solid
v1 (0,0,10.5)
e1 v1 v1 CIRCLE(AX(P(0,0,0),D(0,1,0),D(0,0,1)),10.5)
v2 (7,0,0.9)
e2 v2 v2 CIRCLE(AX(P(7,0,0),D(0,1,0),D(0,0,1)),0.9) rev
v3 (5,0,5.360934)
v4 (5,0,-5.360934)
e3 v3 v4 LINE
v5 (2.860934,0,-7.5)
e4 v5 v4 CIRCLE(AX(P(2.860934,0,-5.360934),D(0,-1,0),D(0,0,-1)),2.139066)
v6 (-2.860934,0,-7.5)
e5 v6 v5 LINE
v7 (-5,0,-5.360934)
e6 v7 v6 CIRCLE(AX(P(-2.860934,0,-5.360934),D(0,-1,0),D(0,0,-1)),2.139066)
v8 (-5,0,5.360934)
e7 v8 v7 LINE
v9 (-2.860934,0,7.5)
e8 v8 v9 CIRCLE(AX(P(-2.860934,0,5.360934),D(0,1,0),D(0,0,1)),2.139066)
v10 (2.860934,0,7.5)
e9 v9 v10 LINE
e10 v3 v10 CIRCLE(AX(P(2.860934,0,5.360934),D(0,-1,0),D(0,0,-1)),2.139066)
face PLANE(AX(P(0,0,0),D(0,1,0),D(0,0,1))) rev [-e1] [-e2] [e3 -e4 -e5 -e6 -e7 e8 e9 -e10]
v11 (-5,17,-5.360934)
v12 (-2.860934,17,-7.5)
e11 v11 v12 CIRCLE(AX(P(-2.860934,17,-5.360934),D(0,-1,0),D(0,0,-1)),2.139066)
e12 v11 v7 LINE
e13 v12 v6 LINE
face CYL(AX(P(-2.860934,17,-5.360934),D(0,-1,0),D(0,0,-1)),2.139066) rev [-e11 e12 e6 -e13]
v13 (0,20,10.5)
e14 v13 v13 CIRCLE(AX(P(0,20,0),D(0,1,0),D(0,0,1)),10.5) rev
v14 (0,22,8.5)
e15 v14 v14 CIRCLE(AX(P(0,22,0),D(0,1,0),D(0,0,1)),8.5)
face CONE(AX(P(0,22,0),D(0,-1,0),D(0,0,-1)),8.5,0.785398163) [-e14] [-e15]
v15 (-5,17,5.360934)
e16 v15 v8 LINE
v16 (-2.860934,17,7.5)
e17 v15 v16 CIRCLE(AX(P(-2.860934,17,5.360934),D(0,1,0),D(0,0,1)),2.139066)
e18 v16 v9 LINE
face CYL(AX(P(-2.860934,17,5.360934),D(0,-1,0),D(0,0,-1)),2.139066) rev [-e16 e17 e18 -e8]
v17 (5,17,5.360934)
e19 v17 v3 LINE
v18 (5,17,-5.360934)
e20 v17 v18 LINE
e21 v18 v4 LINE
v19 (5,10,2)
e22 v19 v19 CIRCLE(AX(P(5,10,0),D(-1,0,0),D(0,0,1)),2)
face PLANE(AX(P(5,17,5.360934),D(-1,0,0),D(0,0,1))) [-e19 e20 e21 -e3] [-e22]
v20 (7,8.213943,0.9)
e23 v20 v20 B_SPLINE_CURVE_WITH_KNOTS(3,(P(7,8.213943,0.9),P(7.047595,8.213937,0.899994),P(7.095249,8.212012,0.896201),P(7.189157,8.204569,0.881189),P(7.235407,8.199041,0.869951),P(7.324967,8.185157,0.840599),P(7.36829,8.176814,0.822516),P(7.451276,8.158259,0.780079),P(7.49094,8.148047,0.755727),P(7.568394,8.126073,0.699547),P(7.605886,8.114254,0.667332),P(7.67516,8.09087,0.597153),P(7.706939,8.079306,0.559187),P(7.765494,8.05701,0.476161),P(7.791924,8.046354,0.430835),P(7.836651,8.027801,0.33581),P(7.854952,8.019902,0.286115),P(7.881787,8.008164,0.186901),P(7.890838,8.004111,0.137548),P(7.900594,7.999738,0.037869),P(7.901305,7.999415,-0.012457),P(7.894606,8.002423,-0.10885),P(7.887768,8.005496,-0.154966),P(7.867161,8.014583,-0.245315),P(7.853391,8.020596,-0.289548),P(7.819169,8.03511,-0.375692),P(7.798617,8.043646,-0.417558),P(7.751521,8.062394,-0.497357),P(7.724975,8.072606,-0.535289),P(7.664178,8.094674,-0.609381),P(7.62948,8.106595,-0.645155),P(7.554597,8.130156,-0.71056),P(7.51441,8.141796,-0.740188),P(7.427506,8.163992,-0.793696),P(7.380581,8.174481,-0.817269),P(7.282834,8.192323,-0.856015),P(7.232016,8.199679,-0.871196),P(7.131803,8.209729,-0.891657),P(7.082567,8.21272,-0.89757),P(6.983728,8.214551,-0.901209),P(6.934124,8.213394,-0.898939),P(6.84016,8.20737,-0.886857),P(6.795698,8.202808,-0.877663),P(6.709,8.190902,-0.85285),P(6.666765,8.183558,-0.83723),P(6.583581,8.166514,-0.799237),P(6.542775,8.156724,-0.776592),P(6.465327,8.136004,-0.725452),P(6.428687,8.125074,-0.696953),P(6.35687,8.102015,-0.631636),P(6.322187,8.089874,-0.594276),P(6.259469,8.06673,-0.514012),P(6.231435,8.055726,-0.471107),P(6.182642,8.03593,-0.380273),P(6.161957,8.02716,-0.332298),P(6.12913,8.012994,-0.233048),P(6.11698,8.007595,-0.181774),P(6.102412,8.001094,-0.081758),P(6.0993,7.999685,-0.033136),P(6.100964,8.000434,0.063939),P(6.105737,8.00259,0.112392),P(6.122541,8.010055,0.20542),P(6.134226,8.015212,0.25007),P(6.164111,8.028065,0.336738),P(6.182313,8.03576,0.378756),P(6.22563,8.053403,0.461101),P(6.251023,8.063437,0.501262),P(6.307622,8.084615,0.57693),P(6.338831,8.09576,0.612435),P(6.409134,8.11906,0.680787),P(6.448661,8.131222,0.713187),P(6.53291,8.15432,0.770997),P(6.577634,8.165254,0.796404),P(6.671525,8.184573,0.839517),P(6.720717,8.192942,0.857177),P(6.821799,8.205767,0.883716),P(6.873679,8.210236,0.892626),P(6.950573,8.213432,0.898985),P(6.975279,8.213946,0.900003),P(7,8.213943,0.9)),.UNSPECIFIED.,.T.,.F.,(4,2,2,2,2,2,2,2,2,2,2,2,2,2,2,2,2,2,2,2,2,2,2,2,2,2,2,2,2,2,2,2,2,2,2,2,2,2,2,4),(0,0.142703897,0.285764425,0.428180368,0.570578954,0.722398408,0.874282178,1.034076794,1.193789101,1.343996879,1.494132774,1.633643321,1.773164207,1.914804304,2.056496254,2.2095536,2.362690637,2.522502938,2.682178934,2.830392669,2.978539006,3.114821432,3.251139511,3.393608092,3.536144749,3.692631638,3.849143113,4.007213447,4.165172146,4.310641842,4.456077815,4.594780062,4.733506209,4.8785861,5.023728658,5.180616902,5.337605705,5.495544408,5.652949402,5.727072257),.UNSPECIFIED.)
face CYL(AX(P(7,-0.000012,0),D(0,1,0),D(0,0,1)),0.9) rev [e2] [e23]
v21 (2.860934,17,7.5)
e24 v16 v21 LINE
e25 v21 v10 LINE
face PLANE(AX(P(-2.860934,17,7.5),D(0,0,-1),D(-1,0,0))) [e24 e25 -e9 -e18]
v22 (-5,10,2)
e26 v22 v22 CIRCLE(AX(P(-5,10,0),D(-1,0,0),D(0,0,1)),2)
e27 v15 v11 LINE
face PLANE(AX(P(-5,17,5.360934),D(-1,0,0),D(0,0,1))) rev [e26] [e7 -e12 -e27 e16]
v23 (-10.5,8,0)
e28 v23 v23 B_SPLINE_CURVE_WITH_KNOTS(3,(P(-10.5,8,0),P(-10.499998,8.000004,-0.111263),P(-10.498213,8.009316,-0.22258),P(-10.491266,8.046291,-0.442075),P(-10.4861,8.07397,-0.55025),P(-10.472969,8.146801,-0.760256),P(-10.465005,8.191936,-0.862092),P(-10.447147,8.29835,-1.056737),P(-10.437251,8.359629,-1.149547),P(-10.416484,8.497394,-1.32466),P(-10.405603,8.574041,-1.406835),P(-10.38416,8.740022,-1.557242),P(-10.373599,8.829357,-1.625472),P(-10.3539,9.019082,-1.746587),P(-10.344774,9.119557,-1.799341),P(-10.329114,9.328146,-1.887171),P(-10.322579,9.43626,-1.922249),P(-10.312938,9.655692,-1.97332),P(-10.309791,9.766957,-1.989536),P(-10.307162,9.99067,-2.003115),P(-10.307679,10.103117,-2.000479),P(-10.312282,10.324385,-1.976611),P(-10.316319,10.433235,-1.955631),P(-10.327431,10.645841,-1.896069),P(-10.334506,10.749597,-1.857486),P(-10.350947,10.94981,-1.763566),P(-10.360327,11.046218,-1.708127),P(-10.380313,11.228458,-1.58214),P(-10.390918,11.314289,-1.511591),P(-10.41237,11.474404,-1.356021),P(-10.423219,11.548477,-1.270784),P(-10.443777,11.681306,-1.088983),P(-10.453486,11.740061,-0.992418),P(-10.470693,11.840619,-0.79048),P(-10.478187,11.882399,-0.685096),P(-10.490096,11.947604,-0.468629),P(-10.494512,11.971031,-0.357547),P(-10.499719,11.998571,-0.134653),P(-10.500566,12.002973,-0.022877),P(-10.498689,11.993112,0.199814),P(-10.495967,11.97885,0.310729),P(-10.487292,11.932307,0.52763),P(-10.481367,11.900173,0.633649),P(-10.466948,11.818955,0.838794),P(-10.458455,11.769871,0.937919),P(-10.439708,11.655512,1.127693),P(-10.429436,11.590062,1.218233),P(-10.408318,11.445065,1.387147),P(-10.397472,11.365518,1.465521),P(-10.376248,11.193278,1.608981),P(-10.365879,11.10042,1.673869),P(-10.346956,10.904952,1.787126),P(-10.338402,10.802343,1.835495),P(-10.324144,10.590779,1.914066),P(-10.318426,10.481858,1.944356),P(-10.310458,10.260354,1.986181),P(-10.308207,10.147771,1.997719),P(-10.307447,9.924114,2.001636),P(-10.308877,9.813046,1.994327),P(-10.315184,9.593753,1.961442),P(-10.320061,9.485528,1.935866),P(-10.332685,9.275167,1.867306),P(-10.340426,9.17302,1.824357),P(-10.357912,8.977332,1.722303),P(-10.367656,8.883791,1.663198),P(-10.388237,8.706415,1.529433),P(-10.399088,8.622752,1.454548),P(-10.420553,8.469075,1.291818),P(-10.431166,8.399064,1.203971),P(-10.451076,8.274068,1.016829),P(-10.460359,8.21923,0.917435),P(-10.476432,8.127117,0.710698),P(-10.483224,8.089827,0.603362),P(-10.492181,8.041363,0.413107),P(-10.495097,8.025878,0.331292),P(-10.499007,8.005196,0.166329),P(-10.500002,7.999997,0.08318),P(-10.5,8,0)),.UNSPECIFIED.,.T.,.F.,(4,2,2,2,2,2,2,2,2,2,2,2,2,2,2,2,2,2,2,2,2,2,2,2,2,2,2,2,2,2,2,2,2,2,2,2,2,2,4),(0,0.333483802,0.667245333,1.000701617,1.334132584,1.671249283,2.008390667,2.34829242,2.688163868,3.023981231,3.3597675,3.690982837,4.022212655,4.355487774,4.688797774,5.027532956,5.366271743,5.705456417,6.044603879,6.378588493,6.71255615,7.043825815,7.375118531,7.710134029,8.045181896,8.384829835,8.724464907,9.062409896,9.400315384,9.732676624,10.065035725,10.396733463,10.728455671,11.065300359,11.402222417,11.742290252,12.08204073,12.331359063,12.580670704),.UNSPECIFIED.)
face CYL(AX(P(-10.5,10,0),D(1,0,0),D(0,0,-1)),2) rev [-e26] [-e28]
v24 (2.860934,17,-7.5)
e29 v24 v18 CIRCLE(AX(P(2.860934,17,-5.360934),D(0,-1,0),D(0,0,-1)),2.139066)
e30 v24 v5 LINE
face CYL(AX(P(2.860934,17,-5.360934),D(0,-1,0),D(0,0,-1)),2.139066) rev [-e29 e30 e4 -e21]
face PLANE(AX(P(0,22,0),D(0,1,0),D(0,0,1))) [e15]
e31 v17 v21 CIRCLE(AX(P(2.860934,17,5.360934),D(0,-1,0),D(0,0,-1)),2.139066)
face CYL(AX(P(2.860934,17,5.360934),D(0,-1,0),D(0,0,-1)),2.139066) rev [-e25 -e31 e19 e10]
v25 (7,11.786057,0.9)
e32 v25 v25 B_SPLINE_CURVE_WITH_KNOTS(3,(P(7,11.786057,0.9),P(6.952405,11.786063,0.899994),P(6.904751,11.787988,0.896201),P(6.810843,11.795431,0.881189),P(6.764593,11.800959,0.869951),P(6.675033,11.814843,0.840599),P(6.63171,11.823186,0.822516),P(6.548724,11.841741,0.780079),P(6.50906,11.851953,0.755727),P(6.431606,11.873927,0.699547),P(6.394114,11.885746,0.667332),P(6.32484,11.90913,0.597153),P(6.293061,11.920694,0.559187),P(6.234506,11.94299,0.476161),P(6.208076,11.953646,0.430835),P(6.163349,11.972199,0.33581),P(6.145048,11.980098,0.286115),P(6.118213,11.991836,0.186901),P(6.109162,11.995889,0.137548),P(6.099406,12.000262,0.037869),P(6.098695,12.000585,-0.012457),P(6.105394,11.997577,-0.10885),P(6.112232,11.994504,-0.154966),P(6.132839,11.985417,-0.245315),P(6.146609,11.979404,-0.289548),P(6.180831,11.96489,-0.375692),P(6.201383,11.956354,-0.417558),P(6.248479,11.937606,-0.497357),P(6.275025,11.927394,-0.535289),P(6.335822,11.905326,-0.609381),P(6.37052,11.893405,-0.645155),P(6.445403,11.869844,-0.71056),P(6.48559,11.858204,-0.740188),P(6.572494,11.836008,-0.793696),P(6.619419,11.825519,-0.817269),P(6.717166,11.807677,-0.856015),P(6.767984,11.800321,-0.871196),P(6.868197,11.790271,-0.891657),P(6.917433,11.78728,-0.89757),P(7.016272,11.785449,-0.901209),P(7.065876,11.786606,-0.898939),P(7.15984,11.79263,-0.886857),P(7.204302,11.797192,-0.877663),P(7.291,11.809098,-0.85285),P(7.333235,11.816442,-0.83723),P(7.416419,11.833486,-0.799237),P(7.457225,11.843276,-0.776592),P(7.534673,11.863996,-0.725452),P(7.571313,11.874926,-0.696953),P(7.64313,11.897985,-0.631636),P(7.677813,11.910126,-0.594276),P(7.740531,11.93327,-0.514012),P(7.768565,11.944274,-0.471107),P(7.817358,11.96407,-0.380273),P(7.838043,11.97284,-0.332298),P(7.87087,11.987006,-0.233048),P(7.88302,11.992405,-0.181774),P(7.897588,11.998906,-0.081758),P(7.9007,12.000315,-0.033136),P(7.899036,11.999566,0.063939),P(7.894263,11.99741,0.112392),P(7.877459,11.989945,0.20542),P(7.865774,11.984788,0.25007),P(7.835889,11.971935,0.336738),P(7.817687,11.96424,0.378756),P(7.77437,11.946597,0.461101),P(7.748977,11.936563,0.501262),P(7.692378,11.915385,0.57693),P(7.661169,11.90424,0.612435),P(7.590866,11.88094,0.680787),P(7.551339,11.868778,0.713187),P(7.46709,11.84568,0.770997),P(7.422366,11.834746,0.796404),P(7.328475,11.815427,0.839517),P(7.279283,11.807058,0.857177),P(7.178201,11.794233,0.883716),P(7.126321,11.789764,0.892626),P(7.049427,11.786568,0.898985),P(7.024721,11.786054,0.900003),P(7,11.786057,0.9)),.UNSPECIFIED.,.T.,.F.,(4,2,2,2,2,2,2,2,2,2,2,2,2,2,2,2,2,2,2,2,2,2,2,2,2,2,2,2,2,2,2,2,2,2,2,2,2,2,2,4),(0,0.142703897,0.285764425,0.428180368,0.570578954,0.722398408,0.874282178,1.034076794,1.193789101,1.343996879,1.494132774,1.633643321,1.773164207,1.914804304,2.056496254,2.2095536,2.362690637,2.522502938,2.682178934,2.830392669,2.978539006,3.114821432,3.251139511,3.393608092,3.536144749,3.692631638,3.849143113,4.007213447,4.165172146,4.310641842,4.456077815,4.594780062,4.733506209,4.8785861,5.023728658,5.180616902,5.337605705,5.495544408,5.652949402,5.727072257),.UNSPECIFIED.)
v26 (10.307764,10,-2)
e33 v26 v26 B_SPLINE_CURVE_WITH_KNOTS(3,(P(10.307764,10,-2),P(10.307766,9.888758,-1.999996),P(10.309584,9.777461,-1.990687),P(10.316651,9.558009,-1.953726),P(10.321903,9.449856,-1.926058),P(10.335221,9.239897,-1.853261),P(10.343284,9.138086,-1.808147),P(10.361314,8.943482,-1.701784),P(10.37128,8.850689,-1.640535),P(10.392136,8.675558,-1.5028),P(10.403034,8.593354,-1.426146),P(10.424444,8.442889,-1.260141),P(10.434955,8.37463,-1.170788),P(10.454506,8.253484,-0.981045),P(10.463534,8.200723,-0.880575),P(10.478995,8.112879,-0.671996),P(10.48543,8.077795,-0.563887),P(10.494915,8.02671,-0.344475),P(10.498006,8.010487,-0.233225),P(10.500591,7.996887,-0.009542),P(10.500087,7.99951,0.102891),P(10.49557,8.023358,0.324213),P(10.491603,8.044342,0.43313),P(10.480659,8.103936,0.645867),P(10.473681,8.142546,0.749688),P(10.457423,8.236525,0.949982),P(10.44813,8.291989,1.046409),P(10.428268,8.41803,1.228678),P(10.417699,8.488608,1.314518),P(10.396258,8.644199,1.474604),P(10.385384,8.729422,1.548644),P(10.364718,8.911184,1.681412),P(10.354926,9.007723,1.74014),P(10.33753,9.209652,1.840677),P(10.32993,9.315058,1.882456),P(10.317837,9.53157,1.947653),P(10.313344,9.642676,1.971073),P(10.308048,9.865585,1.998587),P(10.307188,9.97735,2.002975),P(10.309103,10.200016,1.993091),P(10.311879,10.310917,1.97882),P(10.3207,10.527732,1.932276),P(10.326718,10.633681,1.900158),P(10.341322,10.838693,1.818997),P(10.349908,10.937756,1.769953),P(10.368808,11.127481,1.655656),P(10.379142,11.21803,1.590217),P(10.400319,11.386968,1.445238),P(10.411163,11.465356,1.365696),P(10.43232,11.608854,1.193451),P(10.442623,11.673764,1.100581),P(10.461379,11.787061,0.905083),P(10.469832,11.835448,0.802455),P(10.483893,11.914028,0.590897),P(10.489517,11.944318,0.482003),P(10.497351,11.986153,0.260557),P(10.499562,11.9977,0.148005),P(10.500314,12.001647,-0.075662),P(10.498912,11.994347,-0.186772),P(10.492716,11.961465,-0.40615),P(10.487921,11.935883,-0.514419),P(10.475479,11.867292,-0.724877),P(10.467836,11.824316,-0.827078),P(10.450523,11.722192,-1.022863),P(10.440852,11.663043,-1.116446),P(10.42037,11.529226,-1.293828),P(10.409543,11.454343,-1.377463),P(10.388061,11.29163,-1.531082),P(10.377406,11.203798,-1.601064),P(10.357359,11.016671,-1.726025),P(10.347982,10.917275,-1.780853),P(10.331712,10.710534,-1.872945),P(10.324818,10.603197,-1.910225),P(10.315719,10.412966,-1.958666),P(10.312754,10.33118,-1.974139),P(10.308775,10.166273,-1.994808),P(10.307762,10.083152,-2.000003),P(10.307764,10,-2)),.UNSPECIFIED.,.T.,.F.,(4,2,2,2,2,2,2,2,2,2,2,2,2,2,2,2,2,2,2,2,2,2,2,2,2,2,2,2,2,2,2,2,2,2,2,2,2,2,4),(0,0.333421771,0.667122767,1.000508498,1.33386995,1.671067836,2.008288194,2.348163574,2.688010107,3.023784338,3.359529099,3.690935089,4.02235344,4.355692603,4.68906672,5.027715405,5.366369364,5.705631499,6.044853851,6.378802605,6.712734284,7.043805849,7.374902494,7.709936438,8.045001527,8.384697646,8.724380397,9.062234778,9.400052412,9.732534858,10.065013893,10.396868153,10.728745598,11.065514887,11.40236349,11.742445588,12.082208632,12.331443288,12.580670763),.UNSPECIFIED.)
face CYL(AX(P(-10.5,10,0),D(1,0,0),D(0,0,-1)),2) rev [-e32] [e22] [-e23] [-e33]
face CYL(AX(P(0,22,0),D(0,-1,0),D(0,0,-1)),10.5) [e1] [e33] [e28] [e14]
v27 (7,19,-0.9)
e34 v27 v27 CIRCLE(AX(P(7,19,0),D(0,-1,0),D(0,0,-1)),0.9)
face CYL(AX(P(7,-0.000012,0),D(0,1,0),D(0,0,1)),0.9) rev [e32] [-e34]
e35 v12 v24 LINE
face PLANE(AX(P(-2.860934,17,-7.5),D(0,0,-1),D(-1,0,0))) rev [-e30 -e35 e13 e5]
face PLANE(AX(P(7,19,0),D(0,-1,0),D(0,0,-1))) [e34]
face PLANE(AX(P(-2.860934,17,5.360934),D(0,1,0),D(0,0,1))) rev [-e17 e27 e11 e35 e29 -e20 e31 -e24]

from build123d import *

# Parameters (mm, degrees)
SCHIZZO2_R                    = 10.5
ESTRUSIONE_ESTRUSIONE1_DEPTH  = 22
TAGLIO_ESTRUSIONE1_DEPTH      = 17
SMUSSO1_SIZE                  = 2
TAGLIO_ESTRUSIONE2_DEPTH      = 27.54241888
TAGLIO_ESTRUSIONE2_DEPTH_BACK = 27.54241888
SCHIZZO4_R                    = 2
TAGLIO_ESTRUSIONE3_DEPTH      = 27.542418959
TAGLIO_ESTRUSIONE3_DEPTH_BACK = 19
SCHIZZO5_R                    = 0.9


with BuildPart() as part:
    # Schizzo2 → Estrusione-Estrusione1 (new body)
    with BuildSketch(Plane(origin=(0, 0, 0), x_dir=(1, 0, 0), z_dir=(0, 1, 0))):
        with Locations(Location((0, 0, 0), (0, 0, 270))):
            Circle(SCHIZZO2_R)
    extrude(amount=ESTRUSIONE_ESTRUSIONE1_DEPTH)

    # Schizzo3 → Taglio-Estrusione1 (cut)
    with BuildSketch(Plane.XZ):
        with BuildLine():
            Line((-2.860934268, 7.5), (2.860934268, 7.5))
            ThreePointArc((2.860934268, 7.5), (4.373482153, 6.873482153), (5, 5.360934268))
            Line((5, 5.360934268), (5, -5.360934268))
            ThreePointArc((5, -5.360934268), (4.373482153, -6.873482153), (2.860934268, -7.5))
            Line((2.860934268, -7.5), (-2.860934268, -7.5))
            ThreePointArc((-2.860934268, -7.5), (-4.373482153, -6.873482153), (-5, -5.360934268))
            Line((-5, -5.360934268), (-5, 5.360934268))
            ThreePointArc((-5, 5.360934268), (-4.373482153, 6.873482153), (-2.860934268, 7.5))
        make_face()
    extrude(amount=-TAGLIO_ESTRUSIONE1_DEPTH, mode=Mode.SUBTRACT)

    # Smusso1
    smusso1_edges = [part.edges().sort_by_distance(p)[0] for p in [
        (0, 22, -10.5),
    ]]
    chamfer(smusso1_edges, length=SMUSSO1_SIZE)

    # Schizzo4 → Taglio-Estrusione2 (cut, two sides: drawn at the far end of the back side and taken through both)
    with BuildSketch(Plane(origin=(0, 0, 0), x_dir=(0, 0, -1), z_dir=(1, 0, 0)).offset(-TAGLIO_ESTRUSIONE2_DEPTH_BACK)):
        with Locations(Location((0, 10, 0), (0, 0, 270))):
            Circle(SCHIZZO4_R)
    extrude(amount=TAGLIO_ESTRUSIONE2_DEPTH + TAGLIO_ESTRUSIONE2_DEPTH_BACK, mode=Mode.SUBTRACT)

    # Schizzo5 → Taglio-Estrusione3 (cut, two sides: drawn at the far end of the back side and taken through both)
    with BuildSketch(Plane.XZ.offset(-TAGLIO_ESTRUSIONE3_DEPTH_BACK)):
        with Locations(Location((7, 0, 0), (0, 0, 90))):
            Circle(SCHIZZO5_R)
    extrude(amount=TAGLIO_ESTRUSIONE3_DEPTH + TAGLIO_ESTRUSIONE3_DEPTH_BACK, mode=Mode.SUBTRACT)


solid = part.part
